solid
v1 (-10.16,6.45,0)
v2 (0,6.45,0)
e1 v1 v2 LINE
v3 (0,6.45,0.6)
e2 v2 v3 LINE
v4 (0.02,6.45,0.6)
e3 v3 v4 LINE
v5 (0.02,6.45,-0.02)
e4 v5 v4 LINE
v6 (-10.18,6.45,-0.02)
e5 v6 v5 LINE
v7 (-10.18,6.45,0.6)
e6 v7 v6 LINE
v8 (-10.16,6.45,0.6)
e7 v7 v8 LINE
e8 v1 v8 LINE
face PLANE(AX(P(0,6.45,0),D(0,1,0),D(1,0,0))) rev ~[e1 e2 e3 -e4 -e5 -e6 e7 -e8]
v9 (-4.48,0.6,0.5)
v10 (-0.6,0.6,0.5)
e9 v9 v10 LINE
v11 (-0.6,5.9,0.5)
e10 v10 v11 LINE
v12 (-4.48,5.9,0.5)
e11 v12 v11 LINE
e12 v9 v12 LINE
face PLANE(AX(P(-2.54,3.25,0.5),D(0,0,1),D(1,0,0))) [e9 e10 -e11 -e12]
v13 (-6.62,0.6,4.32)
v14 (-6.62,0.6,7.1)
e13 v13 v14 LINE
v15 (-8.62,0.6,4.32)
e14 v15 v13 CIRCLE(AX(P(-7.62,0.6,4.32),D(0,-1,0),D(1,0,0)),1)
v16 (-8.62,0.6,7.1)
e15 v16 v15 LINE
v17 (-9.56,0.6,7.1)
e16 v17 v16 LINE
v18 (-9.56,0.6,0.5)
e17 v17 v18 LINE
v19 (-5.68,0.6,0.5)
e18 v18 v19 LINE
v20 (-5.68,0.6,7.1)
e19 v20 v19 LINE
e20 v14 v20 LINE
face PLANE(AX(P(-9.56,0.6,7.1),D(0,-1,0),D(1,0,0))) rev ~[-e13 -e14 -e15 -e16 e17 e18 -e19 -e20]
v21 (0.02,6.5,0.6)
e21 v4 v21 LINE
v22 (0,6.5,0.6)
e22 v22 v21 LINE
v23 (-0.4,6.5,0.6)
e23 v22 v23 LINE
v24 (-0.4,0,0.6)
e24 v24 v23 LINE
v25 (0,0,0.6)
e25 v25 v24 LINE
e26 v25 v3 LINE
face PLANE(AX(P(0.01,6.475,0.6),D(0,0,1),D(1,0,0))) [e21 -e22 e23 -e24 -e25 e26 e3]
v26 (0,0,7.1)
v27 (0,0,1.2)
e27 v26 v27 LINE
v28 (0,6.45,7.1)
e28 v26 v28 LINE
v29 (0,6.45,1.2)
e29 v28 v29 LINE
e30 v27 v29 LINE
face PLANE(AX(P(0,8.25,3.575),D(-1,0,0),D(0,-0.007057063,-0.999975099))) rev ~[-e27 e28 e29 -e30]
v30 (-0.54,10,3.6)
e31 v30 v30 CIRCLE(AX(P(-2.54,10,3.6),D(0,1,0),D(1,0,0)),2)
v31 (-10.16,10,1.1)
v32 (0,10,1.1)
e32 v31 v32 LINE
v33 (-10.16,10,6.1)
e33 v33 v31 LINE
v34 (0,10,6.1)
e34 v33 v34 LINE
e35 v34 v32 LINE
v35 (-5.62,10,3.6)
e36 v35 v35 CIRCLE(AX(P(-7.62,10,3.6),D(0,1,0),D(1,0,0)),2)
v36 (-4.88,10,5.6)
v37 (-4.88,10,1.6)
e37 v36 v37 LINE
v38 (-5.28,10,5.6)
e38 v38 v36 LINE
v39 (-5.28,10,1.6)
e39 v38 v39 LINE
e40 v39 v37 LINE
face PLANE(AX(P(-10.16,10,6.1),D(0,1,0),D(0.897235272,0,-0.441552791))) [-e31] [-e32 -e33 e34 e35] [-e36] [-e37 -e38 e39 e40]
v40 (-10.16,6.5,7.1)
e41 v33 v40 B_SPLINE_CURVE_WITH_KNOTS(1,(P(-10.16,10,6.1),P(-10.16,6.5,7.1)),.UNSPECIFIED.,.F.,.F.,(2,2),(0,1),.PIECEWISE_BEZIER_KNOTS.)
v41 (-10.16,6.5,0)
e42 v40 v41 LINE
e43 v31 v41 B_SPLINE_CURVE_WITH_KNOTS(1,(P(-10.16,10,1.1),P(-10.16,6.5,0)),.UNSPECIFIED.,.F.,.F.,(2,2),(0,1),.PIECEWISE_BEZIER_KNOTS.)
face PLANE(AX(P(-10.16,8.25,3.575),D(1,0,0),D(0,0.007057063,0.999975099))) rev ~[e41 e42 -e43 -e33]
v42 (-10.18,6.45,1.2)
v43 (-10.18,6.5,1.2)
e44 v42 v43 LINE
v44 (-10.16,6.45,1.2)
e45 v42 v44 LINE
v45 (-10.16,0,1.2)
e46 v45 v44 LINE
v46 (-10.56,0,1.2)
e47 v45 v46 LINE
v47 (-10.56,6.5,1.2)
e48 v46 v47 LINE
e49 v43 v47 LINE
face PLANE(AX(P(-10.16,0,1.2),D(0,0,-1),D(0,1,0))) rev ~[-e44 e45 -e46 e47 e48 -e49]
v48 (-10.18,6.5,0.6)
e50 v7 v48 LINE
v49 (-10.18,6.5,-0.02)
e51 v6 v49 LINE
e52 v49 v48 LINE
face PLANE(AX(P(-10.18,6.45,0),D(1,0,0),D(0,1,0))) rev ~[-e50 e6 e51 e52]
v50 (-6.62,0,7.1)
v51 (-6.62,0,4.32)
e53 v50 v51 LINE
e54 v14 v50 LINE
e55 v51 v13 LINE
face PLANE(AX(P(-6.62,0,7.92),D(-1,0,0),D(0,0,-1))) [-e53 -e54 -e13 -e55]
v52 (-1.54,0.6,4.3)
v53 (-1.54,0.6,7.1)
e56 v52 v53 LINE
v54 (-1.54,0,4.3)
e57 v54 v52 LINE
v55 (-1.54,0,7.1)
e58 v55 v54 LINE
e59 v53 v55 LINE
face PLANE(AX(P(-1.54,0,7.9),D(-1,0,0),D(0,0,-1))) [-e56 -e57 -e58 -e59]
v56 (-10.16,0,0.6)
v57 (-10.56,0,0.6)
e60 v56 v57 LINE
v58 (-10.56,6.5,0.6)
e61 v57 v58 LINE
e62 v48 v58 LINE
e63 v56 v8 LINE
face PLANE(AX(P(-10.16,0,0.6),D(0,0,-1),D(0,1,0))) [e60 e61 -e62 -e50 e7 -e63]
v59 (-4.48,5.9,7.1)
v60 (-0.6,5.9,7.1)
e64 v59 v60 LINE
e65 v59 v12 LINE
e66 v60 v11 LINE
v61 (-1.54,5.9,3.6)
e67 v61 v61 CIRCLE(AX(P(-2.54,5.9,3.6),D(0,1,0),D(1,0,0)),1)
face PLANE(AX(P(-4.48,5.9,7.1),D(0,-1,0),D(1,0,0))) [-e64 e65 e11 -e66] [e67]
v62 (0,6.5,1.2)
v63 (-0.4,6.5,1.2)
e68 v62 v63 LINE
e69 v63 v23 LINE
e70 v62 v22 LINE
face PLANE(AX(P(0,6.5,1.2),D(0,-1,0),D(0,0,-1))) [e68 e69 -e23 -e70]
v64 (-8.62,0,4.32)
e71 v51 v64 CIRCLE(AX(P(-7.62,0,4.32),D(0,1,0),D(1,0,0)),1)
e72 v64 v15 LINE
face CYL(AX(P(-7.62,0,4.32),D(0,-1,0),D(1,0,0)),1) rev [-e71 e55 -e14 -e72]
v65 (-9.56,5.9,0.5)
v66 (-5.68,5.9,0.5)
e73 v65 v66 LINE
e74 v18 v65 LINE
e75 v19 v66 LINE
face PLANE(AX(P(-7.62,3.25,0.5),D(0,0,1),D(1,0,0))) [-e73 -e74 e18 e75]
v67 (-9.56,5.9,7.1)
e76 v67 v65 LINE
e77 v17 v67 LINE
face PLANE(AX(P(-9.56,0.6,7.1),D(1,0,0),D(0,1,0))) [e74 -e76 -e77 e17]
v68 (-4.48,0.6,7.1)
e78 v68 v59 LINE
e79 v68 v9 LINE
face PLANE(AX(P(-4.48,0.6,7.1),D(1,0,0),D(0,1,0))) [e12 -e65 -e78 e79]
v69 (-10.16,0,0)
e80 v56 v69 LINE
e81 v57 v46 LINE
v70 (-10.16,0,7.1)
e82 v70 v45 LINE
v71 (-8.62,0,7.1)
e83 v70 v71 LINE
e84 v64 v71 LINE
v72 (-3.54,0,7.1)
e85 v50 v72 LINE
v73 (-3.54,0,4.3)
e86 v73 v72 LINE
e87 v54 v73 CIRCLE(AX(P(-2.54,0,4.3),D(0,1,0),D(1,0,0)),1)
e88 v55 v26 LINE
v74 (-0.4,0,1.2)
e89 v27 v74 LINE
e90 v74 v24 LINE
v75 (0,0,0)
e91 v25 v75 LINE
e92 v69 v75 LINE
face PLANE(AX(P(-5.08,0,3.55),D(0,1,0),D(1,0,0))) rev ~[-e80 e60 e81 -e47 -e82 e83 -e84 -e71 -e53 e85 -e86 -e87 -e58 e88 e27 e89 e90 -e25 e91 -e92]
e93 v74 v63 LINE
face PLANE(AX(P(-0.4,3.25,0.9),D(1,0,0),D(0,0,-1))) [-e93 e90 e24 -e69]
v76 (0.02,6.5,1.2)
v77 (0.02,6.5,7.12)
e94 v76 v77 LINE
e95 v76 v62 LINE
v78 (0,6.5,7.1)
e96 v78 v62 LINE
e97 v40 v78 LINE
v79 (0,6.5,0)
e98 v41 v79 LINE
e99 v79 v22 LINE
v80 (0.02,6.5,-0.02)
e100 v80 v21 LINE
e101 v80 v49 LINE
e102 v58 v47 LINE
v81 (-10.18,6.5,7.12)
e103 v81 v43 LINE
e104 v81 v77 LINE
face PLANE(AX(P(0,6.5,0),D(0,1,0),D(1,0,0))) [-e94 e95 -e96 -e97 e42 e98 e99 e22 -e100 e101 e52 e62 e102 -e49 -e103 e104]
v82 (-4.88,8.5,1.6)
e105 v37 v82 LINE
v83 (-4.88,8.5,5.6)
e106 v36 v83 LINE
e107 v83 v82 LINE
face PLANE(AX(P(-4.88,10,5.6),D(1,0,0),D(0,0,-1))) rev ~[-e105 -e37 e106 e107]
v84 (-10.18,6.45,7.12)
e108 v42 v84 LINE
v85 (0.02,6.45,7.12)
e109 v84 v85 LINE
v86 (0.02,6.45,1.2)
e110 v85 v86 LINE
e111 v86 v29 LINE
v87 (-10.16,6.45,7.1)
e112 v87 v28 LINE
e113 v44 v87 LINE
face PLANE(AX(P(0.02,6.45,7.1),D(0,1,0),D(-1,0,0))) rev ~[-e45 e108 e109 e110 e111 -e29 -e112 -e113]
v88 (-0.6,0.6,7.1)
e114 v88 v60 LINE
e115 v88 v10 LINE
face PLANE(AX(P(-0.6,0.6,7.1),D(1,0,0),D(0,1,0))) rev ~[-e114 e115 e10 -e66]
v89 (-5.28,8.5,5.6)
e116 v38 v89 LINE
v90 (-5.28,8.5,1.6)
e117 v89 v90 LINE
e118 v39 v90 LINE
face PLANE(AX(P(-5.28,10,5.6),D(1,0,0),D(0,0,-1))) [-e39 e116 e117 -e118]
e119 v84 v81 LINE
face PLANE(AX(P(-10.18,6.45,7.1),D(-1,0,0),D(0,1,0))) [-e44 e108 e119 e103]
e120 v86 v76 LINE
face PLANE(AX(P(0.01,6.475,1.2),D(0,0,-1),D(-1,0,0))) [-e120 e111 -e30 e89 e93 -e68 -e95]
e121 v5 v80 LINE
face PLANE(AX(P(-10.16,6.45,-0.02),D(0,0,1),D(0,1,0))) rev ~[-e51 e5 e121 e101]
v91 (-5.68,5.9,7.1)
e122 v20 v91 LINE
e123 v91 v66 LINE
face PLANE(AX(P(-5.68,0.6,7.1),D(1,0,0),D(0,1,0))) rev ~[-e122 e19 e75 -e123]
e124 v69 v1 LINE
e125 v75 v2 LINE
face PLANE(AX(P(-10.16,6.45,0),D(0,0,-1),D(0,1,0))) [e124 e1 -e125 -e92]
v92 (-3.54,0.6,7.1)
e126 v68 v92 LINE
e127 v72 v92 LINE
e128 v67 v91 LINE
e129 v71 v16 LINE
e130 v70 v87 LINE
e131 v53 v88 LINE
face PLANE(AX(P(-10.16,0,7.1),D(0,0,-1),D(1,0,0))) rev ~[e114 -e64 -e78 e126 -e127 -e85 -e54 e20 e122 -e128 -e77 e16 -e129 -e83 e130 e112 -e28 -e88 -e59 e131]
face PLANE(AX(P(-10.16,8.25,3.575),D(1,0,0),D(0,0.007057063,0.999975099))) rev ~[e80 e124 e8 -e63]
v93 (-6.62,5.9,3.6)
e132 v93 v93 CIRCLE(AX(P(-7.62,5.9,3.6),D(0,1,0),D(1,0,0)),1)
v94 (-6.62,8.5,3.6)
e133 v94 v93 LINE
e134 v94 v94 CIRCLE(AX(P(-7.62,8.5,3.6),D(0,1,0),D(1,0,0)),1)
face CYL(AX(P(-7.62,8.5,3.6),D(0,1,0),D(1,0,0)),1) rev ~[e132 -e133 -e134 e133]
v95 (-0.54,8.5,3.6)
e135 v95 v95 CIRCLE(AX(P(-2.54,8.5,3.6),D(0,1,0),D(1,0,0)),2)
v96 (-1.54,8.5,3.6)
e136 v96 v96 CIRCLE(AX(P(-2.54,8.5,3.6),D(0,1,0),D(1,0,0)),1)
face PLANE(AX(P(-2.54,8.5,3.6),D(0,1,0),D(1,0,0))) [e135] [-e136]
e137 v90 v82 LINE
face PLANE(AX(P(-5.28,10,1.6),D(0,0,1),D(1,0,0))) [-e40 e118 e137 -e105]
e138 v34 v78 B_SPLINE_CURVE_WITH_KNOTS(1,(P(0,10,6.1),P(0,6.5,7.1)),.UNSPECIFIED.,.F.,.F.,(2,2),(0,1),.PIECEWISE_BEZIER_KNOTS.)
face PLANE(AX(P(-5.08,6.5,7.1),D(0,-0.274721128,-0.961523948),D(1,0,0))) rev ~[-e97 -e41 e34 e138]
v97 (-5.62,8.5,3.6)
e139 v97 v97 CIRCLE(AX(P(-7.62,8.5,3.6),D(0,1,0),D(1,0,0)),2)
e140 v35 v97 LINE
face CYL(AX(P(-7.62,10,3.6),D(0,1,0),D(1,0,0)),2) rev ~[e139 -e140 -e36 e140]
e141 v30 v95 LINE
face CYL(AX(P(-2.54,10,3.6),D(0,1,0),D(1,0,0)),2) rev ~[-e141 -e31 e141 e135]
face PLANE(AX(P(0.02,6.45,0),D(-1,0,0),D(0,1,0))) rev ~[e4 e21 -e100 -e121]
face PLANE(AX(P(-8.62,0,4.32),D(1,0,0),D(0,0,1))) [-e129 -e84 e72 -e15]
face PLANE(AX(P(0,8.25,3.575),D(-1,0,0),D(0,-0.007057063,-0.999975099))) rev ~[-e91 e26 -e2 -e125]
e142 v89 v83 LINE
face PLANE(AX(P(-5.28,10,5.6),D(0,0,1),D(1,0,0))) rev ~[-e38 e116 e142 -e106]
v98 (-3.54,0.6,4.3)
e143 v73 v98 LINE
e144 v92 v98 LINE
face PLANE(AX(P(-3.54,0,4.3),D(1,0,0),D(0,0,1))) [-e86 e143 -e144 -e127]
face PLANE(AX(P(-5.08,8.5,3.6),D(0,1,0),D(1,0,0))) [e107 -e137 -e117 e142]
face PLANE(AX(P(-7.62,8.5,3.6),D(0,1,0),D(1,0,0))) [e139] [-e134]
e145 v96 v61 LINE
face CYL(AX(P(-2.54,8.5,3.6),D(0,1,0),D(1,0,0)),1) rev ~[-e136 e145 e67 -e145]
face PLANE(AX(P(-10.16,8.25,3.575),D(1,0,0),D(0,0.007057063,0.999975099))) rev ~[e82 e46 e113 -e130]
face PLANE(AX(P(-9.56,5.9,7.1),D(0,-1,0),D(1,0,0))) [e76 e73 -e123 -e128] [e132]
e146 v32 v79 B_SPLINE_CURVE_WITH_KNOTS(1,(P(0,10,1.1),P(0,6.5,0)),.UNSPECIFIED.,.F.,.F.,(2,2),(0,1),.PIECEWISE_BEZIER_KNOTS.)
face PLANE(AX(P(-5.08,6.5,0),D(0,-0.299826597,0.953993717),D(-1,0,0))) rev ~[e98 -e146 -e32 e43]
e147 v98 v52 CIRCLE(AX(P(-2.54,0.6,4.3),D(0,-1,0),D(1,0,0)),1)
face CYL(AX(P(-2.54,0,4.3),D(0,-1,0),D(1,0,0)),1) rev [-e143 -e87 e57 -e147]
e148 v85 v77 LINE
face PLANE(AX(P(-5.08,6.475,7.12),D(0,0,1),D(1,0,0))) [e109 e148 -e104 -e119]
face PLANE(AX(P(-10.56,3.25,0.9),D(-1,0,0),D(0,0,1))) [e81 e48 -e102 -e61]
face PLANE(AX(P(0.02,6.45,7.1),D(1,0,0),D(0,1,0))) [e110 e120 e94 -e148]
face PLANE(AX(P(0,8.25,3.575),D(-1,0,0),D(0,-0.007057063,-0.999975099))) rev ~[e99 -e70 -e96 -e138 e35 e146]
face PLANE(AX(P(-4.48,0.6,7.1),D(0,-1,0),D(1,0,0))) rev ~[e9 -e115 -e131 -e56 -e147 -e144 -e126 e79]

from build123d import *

# Parameters (mm, degrees)
SKETCH1_W            = 10.16
SKETCH1_H            = 7.1
BOSS_EXTRUDE1_DEPTH  = 6.5
SKETCH4_W            = 10.16
SKETCH4_H            = 5
SKETCH5_W            = 3.88
SKETCH5_H            = 5.3
CUT_EXTRUDE1_DEPTH   = 6.6
SKETCH6_R            = 2
SKETCH6_W            = 0.4
SKETCH6_H            = 4
CUT_EXTRUDE2_DEPTH   = 1.5
CUT_EXTRUDE3_REACH   = 10.5
SKETCH7_R            = 1
SKETCH8_W            = 0.6
SKETCH8_H            = 6.5
CUT_EXTRUDE4_DEPTH   = 0.4
SKETCH9_W            = 0.6
SKETCH9_H            = 6.5
BOSS_EXTRUDE2_DEPTH  = 0.4
SKETCH10_W           = 7.1
SKETCH10_H           = 0.05
BOSS_EXTRUDE3_DEPTH  = 0.02
SKETCH11_W           = 10.2
SKETCH11_H           = 0.05
BOSS_EXTRUDE4_DEPTH  = 0.02
SKETCH13_W           = 0.02
SKETCH13_H           = 0.05
BOSS_EXTRUDE8_DEPTH  = 5.9
SKETCH14_W           = 0.02
SKETCH14_H           = 0.05
BOSS_EXTRUDE9_DEPTH  = 0.02
SKETCH15_W           = 0.02
SKETCH15_H           = 0.05
BOSS_EXTRUDE10_DEPTH = 10.18
SKETCH16_W           = 0.02
SKETCH16_H           = 0.05
BOSS_EXTRUDE11_DEPTH = 0.6
CUT_EXTRUDE5_REACH   = 12


with BuildPart() as part:
    # Sketch1 → Boss-Extrude1 (new body)
    with BuildSketch(Plane(origin=(0, 0, 0), x_dir=(1, 0, 0), z_dir=(0, 1, 0))):
        with Locations((-5.08, -3.55)):
            Rectangle(SKETCH1_W, SKETCH1_H)
    extrude(amount=BOSS_EXTRUDE1_DEPTH)

    # Sketch4 → section 0 of loft1
    with BuildSketch(Plane(origin=(0, 10, 0), x_dir=(1, 0, 0), z_dir=(0, 1, 0)), mode=Mode.PRIVATE) as loft1_s0:
        with Locations((-5.08, -3.6)):
            Rectangle(SKETCH4_W, SKETCH4_H)
    # loft up to a face of the part (loft1)
    loft([loft1_s0.sketch, part.faces().sort_by_distance((-5.08, 6.5, 3.55))[0]])

    # Sketch5 → Cut-Extrude1 (cut)
    with BuildSketch(Plane.XY.offset(7.1)):
        with Locations((-7.62, 3.25)):
            Rectangle(SKETCH5_W, SKETCH5_H)
        with Locations((-2.54, 3.25)):
            Rectangle(SKETCH5_W, SKETCH5_H)
    extrude(amount=-CUT_EXTRUDE1_DEPTH, mode=Mode.SUBTRACT)

    # Sketch6 → Cut-Extrude2 (cut)
    with BuildSketch(Plane(origin=(0, 10, 0), x_dir=(1, 0, 0), z_dir=(0, 1, 0))):
        with Locations((-7.62, -3.6)):
            Circle(SKETCH6_R)
        with Locations((-2.54, -3.6)):
            Circle(SKETCH6_R)
        with Locations((-5.08, -3.6)):
            Rectangle(SKETCH6_W, SKETCH6_H)
    extrude(amount=-CUT_EXTRUDE2_DEPTH, mode=Mode.SUBTRACT)

    # Sketch7 → Cut-Extrude3 (cut, up to next)
    with BuildSketch(Plane(origin=(0, 8.5, 0), x_dir=(1, 0, 0), z_dir=(0, 1, 0)), mode=Mode.PRIVATE) as cut_extrude3_sk1:
        with Locations((-7.62, -3.6)):
            Circle(SKETCH7_R)
    cut_extrude3_tool1 = extrude(cut_extrude3_sk1.sketch, amount=-CUT_EXTRUDE3_REACH, mode=Mode.PRIVATE) & part.part
    add(cut_extrude3_tool1.solids().sort_by_distance((-7.62, 8.5, 3.6))[0], mode=Mode.SUBTRACT)
    # Sketch7 → Cut-Extrude3 (cut, up to next)
    with BuildSketch(Plane(origin=(0, 8.5, 0), x_dir=(1, 0, 0), z_dir=(0, 1, 0)), mode=Mode.PRIVATE) as cut_extrude3_sk2:
        with Locations((-2.54, -3.6)):
            Circle(SKETCH7_R)
    cut_extrude3_tool2 = extrude(cut_extrude3_sk2.sketch, amount=-CUT_EXTRUDE3_REACH, mode=Mode.PRIVATE) & part.part
    add(cut_extrude3_tool2.solids().sort_by_distance((-2.54, 8.5, 3.6))[0], mode=Mode.SUBTRACT)

    # Sketch8 → Cut-Extrude4 (cut)
    with BuildSketch(Plane(origin=(0, 0, 0), x_dir=(0, 0, -1), z_dir=(1, 0, 0))):
        with Locations((-0.9, 3.25)):
            Rectangle(SKETCH8_W, SKETCH8_H)
    extrude(amount=-CUT_EXTRUDE4_DEPTH, mode=Mode.SUBTRACT)

    # Sketch9 → Boss-Extrude2 (add)
    with BuildSketch(Plane.ZY.offset(10.16)):
        with Locations((0.9, 3.25)):
            Rectangle(SKETCH9_W, SKETCH9_H)
    extrude(amount=BOSS_EXTRUDE2_DEPTH)

    # Sketch10 → Boss-Extrude3 (add)
    with BuildSketch(Plane.ZY.offset(10.16)):
        with Locations((3.55, 6.475)):
            Rectangle(SKETCH10_W, SKETCH10_H)
    extrude(amount=BOSS_EXTRUDE3_DEPTH)

    # Sketch11 → Boss-Extrude4 (add)
    with BuildSketch(Plane.XY.offset(7.1)):
        with Locations((-5.08, 6.475)):
            Rectangle(SKETCH11_W, SKETCH11_H)
    extrude(amount=BOSS_EXTRUDE4_DEPTH)

    # Sketch13 → Boss-Extrude8 (add)
    with BuildSketch(Plane(origin=(0, 0, 7.1), x_dir=(-1, 0, 0), z_dir=(0, 0, -1))):
        with Locations((-0.01, 6.475)):
            Rectangle(SKETCH13_W, SKETCH13_H)
    extrude(amount=BOSS_EXTRUDE8_DEPTH)

    # Sketch14 → Boss-Extrude9 (add)
    with BuildSketch(Plane(origin=(0, 0, 0), x_dir=(-1, 0, 0), z_dir=(0, 0, -1))):
        with Locations((10.17, 6.475)):
            Rectangle(SKETCH14_W, SKETCH14_H)
    extrude(amount=BOSS_EXTRUDE9_DEPTH)

    # Sketch15 → Boss-Extrude10 (add)
    with BuildSketch(Plane(origin=(-10.16, 0, 0), x_dir=(0, 0, -1), z_dir=(1, 0, 0))):
        with Locations((0.01, 6.475)):
            Rectangle(SKETCH15_W, SKETCH15_H)
    extrude(amount=BOSS_EXTRUDE10_DEPTH)

    # Sketch16 → Boss-Extrude11 (add)
    with BuildSketch(Plane.XY):
        with Locations((0.01, 6.475)):
            Rectangle(SKETCH16_W, SKETCH16_H)
    extrude(amount=BOSS_EXTRUDE11_DEPTH)

    # Sketch18 → Cut-Extrude5 (cut, up to next)
    with BuildSketch(Plane.XZ, mode=Mode.PRIVATE) as cut_extrude5_sk1:
        with BuildLine():
            Line((-8.62, 4.32), (-8.62, 7.92))
            ThreePointArc((-8.62, 7.92), (-7.62, 8.92), (-6.62, 7.92))
            Line((-6.62, 7.92), (-6.62, 4.32))
            ThreePointArc((-6.62, 4.32), (-7.62, 3.32), (-8.62, 4.32))
        make_face()
    cut_extrude5_tool1 = extrude(cut_extrude5_sk1.sketch, amount=-CUT_EXTRUDE5_REACH, mode=Mode.PRIVATE) & part.part
    add(cut_extrude5_tool1.solids().sort_by_distance((-7.62, 0, 6.12))[0], mode=Mode.SUBTRACT)
    # Sketch18 → Cut-Extrude5 (cut, up to next)
    with BuildSketch(Plane.XZ, mode=Mode.PRIVATE) as cut_extrude5_sk2:
        with BuildLine():
            Line((-3.54, 4.3), (-3.54, 7.9))
            ThreePointArc((-3.54, 7.9), (-2.54, 8.9), (-1.54, 7.9))
            Line((-1.54, 7.9), (-1.54, 4.3))
            ThreePointArc((-1.54, 4.3), (-2.54, 3.3), (-3.54, 4.3))
        make_face()
    cut_extrude5_tool2 = extrude(cut_extrude5_sk2.sketch, amount=-CUT_EXTRUDE5_REACH, mode=Mode.PRIVATE) & part.part
    add(cut_extrude5_tool2.solids().sort_by_distance((-2.54, 0, 6.1))[0], mode=Mode.SUBTRACT)


solid = part.part
